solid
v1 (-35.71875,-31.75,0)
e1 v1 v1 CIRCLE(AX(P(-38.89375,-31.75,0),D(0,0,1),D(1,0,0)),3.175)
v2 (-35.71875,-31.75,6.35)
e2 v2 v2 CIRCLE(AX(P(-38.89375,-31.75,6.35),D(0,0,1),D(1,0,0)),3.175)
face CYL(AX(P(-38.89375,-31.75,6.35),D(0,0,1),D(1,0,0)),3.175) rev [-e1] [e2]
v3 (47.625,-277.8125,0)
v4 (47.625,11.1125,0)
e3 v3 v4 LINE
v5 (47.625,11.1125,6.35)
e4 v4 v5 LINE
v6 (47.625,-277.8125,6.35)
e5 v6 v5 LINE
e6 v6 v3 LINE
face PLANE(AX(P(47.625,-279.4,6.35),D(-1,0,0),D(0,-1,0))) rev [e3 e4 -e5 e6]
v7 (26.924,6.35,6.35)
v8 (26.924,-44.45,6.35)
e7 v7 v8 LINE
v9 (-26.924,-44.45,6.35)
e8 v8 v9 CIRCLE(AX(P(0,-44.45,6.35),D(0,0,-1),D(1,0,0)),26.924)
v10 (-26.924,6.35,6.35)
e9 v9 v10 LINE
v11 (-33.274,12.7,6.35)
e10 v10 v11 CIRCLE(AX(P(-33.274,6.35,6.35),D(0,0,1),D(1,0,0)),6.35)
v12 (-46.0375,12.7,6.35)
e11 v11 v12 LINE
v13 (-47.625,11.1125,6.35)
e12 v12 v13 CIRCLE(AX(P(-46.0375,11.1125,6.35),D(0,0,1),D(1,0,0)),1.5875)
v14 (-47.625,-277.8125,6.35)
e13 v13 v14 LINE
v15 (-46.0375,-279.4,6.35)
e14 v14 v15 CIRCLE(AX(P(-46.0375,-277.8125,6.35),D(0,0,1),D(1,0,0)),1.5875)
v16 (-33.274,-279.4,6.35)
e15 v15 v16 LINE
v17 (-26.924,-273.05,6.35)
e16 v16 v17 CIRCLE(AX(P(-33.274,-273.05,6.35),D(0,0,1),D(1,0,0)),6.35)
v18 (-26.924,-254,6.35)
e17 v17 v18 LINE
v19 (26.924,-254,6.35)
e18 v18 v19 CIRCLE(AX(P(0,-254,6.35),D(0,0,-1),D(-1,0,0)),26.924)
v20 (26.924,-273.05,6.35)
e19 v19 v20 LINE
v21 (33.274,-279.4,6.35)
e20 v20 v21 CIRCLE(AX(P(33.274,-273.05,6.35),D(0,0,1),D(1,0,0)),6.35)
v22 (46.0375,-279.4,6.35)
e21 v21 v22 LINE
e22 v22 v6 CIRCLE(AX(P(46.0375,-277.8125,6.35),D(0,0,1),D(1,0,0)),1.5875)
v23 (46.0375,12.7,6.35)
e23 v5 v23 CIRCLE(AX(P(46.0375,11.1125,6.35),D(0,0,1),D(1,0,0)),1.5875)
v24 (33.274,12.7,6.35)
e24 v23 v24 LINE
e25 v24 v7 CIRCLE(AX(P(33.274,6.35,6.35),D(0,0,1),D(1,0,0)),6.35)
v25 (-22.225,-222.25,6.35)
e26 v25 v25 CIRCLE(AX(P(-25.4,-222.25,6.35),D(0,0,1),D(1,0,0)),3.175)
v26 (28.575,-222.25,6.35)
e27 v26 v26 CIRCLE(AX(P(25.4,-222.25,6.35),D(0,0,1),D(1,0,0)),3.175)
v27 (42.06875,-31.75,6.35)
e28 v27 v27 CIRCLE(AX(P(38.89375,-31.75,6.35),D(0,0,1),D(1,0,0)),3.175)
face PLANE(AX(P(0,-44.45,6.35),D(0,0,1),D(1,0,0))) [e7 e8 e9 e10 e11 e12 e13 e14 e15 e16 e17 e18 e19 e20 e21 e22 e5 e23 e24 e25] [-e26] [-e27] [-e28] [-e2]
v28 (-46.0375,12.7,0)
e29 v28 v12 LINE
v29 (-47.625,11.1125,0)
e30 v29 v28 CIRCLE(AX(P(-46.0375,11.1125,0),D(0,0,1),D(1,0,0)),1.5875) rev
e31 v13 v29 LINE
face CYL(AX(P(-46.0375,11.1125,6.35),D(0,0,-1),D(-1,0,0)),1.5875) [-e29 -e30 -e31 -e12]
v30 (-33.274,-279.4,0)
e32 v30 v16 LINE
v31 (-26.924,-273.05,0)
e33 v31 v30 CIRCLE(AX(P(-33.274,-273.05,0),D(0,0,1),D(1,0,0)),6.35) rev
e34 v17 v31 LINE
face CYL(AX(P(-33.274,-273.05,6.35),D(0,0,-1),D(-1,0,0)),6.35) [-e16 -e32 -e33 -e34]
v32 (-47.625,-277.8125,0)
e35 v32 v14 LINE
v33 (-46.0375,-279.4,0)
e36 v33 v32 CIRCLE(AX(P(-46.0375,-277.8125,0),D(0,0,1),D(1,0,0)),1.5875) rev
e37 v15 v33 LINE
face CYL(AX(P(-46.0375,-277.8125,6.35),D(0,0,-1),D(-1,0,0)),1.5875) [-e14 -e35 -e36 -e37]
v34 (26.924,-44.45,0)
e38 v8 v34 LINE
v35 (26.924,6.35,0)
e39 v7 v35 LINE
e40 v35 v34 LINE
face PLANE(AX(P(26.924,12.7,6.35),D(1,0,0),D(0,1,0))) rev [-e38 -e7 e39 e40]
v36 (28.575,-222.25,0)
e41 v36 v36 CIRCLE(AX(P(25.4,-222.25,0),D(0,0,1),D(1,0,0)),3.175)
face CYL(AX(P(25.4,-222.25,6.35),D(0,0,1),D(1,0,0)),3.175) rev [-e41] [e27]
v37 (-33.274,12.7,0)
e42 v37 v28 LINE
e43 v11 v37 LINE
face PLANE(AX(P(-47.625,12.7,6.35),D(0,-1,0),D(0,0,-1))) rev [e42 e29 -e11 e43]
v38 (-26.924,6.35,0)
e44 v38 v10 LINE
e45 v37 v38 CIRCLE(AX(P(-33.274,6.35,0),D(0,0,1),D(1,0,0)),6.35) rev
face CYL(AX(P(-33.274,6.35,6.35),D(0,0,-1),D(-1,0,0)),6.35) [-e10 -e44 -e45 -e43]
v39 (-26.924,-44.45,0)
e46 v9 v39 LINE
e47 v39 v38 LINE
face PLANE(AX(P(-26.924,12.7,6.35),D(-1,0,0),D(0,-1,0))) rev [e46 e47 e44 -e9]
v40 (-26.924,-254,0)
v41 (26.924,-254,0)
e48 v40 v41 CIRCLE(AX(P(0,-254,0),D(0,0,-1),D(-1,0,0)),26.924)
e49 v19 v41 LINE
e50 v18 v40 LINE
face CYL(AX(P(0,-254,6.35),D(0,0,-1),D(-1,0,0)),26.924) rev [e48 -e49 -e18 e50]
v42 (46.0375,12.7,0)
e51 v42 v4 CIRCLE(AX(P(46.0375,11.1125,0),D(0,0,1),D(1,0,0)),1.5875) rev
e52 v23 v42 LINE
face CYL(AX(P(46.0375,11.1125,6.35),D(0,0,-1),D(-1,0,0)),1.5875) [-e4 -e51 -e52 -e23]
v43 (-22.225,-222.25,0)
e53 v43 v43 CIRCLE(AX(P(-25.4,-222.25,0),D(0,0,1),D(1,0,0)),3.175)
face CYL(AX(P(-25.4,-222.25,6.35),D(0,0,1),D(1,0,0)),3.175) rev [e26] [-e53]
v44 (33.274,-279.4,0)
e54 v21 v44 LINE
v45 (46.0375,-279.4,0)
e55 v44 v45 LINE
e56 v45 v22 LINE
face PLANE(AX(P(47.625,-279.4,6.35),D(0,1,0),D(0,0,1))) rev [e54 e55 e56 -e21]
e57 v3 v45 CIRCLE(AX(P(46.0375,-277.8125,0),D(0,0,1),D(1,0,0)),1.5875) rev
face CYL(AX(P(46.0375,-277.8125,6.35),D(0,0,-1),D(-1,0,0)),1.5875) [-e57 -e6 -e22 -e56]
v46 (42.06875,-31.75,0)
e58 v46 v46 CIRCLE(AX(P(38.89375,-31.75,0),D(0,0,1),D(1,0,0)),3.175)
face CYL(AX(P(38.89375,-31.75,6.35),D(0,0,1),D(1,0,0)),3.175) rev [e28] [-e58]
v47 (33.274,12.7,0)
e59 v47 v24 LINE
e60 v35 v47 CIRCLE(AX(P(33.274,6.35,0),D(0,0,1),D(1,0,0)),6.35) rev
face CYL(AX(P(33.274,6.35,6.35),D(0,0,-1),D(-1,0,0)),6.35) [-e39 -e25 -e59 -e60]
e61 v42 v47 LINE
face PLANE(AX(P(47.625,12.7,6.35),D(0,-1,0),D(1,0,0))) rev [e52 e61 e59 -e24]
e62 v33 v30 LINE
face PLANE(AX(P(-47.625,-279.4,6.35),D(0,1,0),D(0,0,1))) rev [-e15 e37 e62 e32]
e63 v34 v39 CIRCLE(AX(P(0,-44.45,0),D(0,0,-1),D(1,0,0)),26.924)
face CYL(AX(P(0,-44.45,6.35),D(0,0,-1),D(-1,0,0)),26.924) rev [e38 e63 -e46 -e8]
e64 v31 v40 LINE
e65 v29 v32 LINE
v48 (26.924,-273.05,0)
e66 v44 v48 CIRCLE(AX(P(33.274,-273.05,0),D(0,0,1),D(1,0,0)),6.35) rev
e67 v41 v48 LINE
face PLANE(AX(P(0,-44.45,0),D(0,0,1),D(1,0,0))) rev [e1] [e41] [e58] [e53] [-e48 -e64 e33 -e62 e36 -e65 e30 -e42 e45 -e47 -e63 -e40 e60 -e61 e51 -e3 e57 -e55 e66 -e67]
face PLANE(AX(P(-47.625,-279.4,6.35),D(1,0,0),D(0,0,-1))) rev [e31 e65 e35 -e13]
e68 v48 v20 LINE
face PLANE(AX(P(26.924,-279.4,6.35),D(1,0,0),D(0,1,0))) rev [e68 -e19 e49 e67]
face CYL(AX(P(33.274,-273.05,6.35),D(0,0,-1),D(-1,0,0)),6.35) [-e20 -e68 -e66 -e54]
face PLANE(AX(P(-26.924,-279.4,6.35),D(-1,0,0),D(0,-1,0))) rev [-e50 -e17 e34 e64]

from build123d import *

# Parameters (mm, degrees)
BOSS_EXTRUDE1_DEPTH         = 6.35
FILLET1_R                   = 6.35
FILLET2_R                   = 1.5875
F_1_4_0_25_DIAMETER_HOLE1_D = 6.35


with BuildPart() as part:
    # Sketch2 → Boss-Extrude1 (new body)
    with BuildSketch(Plane.XY):
        with BuildLine():
            Line((-47.625, -279.4), (-26.924, -279.4))
            Line((-26.924, -279.4), (-26.924, -254))
            ThreePointArc((-26.924, -254), (0, -227.076), (26.924, -254))
            Line((26.924, -254), (26.924, -279.4))
            Line((26.924, -279.4), (47.625, -279.4))
            Line((47.625, -279.4), (47.625, 12.7))
            Line((47.625, 12.7), (26.924, 12.7))
            Line((26.924, 12.7), (26.924, -44.45))
            ThreePointArc((26.924, -44.45), (0, -71.374), (-26.924, -44.45))
            Line((-26.924, -44.45), (-26.924, 12.7))
            Line((-26.924, 12.7), (-47.625, 12.7))
            Line((-47.625, 12.7), (-47.625, -279.4))
        make_face()
    extrude(amount=BOSS_EXTRUDE1_DEPTH)

    # Fillet1
    fillet1_edges = [part.edges().sort_by_distance(p)[0] for p in [
        (-26.924, 12.7, 3.175),
        (26.924, 12.7, 3.175),
        (26.924, -279.4, 3.175),
        (-26.924, -279.4, 3.175),
    ]]
    fillet(fillet1_edges, radius=FILLET1_R)

    # Fillet2
    fillet2_edges = [part.edges().sort_by_distance(p)[0] for p in [
        (-47.625, 12.7, 3.175),
        (47.625, 12.7, 3.175),
        (47.625, -279.4, 3.175),
        (-47.625, -279.4, 3.175),
    ]]
    fillet(fillet2_edges, radius=FILLET2_R)

    # 1/4 (0.25) Diameter Hole1 (through all)
    with Locations(Plane.XY.offset(6.35)):
        with Locations((-25.4, -222.25), (-38.89375, -31.75), (38.89375, -31.75), (25.4, -222.25)):
            Hole(F_1_4_0_25_DIAMETER_HOLE1_D / 2)


solid = part.part
